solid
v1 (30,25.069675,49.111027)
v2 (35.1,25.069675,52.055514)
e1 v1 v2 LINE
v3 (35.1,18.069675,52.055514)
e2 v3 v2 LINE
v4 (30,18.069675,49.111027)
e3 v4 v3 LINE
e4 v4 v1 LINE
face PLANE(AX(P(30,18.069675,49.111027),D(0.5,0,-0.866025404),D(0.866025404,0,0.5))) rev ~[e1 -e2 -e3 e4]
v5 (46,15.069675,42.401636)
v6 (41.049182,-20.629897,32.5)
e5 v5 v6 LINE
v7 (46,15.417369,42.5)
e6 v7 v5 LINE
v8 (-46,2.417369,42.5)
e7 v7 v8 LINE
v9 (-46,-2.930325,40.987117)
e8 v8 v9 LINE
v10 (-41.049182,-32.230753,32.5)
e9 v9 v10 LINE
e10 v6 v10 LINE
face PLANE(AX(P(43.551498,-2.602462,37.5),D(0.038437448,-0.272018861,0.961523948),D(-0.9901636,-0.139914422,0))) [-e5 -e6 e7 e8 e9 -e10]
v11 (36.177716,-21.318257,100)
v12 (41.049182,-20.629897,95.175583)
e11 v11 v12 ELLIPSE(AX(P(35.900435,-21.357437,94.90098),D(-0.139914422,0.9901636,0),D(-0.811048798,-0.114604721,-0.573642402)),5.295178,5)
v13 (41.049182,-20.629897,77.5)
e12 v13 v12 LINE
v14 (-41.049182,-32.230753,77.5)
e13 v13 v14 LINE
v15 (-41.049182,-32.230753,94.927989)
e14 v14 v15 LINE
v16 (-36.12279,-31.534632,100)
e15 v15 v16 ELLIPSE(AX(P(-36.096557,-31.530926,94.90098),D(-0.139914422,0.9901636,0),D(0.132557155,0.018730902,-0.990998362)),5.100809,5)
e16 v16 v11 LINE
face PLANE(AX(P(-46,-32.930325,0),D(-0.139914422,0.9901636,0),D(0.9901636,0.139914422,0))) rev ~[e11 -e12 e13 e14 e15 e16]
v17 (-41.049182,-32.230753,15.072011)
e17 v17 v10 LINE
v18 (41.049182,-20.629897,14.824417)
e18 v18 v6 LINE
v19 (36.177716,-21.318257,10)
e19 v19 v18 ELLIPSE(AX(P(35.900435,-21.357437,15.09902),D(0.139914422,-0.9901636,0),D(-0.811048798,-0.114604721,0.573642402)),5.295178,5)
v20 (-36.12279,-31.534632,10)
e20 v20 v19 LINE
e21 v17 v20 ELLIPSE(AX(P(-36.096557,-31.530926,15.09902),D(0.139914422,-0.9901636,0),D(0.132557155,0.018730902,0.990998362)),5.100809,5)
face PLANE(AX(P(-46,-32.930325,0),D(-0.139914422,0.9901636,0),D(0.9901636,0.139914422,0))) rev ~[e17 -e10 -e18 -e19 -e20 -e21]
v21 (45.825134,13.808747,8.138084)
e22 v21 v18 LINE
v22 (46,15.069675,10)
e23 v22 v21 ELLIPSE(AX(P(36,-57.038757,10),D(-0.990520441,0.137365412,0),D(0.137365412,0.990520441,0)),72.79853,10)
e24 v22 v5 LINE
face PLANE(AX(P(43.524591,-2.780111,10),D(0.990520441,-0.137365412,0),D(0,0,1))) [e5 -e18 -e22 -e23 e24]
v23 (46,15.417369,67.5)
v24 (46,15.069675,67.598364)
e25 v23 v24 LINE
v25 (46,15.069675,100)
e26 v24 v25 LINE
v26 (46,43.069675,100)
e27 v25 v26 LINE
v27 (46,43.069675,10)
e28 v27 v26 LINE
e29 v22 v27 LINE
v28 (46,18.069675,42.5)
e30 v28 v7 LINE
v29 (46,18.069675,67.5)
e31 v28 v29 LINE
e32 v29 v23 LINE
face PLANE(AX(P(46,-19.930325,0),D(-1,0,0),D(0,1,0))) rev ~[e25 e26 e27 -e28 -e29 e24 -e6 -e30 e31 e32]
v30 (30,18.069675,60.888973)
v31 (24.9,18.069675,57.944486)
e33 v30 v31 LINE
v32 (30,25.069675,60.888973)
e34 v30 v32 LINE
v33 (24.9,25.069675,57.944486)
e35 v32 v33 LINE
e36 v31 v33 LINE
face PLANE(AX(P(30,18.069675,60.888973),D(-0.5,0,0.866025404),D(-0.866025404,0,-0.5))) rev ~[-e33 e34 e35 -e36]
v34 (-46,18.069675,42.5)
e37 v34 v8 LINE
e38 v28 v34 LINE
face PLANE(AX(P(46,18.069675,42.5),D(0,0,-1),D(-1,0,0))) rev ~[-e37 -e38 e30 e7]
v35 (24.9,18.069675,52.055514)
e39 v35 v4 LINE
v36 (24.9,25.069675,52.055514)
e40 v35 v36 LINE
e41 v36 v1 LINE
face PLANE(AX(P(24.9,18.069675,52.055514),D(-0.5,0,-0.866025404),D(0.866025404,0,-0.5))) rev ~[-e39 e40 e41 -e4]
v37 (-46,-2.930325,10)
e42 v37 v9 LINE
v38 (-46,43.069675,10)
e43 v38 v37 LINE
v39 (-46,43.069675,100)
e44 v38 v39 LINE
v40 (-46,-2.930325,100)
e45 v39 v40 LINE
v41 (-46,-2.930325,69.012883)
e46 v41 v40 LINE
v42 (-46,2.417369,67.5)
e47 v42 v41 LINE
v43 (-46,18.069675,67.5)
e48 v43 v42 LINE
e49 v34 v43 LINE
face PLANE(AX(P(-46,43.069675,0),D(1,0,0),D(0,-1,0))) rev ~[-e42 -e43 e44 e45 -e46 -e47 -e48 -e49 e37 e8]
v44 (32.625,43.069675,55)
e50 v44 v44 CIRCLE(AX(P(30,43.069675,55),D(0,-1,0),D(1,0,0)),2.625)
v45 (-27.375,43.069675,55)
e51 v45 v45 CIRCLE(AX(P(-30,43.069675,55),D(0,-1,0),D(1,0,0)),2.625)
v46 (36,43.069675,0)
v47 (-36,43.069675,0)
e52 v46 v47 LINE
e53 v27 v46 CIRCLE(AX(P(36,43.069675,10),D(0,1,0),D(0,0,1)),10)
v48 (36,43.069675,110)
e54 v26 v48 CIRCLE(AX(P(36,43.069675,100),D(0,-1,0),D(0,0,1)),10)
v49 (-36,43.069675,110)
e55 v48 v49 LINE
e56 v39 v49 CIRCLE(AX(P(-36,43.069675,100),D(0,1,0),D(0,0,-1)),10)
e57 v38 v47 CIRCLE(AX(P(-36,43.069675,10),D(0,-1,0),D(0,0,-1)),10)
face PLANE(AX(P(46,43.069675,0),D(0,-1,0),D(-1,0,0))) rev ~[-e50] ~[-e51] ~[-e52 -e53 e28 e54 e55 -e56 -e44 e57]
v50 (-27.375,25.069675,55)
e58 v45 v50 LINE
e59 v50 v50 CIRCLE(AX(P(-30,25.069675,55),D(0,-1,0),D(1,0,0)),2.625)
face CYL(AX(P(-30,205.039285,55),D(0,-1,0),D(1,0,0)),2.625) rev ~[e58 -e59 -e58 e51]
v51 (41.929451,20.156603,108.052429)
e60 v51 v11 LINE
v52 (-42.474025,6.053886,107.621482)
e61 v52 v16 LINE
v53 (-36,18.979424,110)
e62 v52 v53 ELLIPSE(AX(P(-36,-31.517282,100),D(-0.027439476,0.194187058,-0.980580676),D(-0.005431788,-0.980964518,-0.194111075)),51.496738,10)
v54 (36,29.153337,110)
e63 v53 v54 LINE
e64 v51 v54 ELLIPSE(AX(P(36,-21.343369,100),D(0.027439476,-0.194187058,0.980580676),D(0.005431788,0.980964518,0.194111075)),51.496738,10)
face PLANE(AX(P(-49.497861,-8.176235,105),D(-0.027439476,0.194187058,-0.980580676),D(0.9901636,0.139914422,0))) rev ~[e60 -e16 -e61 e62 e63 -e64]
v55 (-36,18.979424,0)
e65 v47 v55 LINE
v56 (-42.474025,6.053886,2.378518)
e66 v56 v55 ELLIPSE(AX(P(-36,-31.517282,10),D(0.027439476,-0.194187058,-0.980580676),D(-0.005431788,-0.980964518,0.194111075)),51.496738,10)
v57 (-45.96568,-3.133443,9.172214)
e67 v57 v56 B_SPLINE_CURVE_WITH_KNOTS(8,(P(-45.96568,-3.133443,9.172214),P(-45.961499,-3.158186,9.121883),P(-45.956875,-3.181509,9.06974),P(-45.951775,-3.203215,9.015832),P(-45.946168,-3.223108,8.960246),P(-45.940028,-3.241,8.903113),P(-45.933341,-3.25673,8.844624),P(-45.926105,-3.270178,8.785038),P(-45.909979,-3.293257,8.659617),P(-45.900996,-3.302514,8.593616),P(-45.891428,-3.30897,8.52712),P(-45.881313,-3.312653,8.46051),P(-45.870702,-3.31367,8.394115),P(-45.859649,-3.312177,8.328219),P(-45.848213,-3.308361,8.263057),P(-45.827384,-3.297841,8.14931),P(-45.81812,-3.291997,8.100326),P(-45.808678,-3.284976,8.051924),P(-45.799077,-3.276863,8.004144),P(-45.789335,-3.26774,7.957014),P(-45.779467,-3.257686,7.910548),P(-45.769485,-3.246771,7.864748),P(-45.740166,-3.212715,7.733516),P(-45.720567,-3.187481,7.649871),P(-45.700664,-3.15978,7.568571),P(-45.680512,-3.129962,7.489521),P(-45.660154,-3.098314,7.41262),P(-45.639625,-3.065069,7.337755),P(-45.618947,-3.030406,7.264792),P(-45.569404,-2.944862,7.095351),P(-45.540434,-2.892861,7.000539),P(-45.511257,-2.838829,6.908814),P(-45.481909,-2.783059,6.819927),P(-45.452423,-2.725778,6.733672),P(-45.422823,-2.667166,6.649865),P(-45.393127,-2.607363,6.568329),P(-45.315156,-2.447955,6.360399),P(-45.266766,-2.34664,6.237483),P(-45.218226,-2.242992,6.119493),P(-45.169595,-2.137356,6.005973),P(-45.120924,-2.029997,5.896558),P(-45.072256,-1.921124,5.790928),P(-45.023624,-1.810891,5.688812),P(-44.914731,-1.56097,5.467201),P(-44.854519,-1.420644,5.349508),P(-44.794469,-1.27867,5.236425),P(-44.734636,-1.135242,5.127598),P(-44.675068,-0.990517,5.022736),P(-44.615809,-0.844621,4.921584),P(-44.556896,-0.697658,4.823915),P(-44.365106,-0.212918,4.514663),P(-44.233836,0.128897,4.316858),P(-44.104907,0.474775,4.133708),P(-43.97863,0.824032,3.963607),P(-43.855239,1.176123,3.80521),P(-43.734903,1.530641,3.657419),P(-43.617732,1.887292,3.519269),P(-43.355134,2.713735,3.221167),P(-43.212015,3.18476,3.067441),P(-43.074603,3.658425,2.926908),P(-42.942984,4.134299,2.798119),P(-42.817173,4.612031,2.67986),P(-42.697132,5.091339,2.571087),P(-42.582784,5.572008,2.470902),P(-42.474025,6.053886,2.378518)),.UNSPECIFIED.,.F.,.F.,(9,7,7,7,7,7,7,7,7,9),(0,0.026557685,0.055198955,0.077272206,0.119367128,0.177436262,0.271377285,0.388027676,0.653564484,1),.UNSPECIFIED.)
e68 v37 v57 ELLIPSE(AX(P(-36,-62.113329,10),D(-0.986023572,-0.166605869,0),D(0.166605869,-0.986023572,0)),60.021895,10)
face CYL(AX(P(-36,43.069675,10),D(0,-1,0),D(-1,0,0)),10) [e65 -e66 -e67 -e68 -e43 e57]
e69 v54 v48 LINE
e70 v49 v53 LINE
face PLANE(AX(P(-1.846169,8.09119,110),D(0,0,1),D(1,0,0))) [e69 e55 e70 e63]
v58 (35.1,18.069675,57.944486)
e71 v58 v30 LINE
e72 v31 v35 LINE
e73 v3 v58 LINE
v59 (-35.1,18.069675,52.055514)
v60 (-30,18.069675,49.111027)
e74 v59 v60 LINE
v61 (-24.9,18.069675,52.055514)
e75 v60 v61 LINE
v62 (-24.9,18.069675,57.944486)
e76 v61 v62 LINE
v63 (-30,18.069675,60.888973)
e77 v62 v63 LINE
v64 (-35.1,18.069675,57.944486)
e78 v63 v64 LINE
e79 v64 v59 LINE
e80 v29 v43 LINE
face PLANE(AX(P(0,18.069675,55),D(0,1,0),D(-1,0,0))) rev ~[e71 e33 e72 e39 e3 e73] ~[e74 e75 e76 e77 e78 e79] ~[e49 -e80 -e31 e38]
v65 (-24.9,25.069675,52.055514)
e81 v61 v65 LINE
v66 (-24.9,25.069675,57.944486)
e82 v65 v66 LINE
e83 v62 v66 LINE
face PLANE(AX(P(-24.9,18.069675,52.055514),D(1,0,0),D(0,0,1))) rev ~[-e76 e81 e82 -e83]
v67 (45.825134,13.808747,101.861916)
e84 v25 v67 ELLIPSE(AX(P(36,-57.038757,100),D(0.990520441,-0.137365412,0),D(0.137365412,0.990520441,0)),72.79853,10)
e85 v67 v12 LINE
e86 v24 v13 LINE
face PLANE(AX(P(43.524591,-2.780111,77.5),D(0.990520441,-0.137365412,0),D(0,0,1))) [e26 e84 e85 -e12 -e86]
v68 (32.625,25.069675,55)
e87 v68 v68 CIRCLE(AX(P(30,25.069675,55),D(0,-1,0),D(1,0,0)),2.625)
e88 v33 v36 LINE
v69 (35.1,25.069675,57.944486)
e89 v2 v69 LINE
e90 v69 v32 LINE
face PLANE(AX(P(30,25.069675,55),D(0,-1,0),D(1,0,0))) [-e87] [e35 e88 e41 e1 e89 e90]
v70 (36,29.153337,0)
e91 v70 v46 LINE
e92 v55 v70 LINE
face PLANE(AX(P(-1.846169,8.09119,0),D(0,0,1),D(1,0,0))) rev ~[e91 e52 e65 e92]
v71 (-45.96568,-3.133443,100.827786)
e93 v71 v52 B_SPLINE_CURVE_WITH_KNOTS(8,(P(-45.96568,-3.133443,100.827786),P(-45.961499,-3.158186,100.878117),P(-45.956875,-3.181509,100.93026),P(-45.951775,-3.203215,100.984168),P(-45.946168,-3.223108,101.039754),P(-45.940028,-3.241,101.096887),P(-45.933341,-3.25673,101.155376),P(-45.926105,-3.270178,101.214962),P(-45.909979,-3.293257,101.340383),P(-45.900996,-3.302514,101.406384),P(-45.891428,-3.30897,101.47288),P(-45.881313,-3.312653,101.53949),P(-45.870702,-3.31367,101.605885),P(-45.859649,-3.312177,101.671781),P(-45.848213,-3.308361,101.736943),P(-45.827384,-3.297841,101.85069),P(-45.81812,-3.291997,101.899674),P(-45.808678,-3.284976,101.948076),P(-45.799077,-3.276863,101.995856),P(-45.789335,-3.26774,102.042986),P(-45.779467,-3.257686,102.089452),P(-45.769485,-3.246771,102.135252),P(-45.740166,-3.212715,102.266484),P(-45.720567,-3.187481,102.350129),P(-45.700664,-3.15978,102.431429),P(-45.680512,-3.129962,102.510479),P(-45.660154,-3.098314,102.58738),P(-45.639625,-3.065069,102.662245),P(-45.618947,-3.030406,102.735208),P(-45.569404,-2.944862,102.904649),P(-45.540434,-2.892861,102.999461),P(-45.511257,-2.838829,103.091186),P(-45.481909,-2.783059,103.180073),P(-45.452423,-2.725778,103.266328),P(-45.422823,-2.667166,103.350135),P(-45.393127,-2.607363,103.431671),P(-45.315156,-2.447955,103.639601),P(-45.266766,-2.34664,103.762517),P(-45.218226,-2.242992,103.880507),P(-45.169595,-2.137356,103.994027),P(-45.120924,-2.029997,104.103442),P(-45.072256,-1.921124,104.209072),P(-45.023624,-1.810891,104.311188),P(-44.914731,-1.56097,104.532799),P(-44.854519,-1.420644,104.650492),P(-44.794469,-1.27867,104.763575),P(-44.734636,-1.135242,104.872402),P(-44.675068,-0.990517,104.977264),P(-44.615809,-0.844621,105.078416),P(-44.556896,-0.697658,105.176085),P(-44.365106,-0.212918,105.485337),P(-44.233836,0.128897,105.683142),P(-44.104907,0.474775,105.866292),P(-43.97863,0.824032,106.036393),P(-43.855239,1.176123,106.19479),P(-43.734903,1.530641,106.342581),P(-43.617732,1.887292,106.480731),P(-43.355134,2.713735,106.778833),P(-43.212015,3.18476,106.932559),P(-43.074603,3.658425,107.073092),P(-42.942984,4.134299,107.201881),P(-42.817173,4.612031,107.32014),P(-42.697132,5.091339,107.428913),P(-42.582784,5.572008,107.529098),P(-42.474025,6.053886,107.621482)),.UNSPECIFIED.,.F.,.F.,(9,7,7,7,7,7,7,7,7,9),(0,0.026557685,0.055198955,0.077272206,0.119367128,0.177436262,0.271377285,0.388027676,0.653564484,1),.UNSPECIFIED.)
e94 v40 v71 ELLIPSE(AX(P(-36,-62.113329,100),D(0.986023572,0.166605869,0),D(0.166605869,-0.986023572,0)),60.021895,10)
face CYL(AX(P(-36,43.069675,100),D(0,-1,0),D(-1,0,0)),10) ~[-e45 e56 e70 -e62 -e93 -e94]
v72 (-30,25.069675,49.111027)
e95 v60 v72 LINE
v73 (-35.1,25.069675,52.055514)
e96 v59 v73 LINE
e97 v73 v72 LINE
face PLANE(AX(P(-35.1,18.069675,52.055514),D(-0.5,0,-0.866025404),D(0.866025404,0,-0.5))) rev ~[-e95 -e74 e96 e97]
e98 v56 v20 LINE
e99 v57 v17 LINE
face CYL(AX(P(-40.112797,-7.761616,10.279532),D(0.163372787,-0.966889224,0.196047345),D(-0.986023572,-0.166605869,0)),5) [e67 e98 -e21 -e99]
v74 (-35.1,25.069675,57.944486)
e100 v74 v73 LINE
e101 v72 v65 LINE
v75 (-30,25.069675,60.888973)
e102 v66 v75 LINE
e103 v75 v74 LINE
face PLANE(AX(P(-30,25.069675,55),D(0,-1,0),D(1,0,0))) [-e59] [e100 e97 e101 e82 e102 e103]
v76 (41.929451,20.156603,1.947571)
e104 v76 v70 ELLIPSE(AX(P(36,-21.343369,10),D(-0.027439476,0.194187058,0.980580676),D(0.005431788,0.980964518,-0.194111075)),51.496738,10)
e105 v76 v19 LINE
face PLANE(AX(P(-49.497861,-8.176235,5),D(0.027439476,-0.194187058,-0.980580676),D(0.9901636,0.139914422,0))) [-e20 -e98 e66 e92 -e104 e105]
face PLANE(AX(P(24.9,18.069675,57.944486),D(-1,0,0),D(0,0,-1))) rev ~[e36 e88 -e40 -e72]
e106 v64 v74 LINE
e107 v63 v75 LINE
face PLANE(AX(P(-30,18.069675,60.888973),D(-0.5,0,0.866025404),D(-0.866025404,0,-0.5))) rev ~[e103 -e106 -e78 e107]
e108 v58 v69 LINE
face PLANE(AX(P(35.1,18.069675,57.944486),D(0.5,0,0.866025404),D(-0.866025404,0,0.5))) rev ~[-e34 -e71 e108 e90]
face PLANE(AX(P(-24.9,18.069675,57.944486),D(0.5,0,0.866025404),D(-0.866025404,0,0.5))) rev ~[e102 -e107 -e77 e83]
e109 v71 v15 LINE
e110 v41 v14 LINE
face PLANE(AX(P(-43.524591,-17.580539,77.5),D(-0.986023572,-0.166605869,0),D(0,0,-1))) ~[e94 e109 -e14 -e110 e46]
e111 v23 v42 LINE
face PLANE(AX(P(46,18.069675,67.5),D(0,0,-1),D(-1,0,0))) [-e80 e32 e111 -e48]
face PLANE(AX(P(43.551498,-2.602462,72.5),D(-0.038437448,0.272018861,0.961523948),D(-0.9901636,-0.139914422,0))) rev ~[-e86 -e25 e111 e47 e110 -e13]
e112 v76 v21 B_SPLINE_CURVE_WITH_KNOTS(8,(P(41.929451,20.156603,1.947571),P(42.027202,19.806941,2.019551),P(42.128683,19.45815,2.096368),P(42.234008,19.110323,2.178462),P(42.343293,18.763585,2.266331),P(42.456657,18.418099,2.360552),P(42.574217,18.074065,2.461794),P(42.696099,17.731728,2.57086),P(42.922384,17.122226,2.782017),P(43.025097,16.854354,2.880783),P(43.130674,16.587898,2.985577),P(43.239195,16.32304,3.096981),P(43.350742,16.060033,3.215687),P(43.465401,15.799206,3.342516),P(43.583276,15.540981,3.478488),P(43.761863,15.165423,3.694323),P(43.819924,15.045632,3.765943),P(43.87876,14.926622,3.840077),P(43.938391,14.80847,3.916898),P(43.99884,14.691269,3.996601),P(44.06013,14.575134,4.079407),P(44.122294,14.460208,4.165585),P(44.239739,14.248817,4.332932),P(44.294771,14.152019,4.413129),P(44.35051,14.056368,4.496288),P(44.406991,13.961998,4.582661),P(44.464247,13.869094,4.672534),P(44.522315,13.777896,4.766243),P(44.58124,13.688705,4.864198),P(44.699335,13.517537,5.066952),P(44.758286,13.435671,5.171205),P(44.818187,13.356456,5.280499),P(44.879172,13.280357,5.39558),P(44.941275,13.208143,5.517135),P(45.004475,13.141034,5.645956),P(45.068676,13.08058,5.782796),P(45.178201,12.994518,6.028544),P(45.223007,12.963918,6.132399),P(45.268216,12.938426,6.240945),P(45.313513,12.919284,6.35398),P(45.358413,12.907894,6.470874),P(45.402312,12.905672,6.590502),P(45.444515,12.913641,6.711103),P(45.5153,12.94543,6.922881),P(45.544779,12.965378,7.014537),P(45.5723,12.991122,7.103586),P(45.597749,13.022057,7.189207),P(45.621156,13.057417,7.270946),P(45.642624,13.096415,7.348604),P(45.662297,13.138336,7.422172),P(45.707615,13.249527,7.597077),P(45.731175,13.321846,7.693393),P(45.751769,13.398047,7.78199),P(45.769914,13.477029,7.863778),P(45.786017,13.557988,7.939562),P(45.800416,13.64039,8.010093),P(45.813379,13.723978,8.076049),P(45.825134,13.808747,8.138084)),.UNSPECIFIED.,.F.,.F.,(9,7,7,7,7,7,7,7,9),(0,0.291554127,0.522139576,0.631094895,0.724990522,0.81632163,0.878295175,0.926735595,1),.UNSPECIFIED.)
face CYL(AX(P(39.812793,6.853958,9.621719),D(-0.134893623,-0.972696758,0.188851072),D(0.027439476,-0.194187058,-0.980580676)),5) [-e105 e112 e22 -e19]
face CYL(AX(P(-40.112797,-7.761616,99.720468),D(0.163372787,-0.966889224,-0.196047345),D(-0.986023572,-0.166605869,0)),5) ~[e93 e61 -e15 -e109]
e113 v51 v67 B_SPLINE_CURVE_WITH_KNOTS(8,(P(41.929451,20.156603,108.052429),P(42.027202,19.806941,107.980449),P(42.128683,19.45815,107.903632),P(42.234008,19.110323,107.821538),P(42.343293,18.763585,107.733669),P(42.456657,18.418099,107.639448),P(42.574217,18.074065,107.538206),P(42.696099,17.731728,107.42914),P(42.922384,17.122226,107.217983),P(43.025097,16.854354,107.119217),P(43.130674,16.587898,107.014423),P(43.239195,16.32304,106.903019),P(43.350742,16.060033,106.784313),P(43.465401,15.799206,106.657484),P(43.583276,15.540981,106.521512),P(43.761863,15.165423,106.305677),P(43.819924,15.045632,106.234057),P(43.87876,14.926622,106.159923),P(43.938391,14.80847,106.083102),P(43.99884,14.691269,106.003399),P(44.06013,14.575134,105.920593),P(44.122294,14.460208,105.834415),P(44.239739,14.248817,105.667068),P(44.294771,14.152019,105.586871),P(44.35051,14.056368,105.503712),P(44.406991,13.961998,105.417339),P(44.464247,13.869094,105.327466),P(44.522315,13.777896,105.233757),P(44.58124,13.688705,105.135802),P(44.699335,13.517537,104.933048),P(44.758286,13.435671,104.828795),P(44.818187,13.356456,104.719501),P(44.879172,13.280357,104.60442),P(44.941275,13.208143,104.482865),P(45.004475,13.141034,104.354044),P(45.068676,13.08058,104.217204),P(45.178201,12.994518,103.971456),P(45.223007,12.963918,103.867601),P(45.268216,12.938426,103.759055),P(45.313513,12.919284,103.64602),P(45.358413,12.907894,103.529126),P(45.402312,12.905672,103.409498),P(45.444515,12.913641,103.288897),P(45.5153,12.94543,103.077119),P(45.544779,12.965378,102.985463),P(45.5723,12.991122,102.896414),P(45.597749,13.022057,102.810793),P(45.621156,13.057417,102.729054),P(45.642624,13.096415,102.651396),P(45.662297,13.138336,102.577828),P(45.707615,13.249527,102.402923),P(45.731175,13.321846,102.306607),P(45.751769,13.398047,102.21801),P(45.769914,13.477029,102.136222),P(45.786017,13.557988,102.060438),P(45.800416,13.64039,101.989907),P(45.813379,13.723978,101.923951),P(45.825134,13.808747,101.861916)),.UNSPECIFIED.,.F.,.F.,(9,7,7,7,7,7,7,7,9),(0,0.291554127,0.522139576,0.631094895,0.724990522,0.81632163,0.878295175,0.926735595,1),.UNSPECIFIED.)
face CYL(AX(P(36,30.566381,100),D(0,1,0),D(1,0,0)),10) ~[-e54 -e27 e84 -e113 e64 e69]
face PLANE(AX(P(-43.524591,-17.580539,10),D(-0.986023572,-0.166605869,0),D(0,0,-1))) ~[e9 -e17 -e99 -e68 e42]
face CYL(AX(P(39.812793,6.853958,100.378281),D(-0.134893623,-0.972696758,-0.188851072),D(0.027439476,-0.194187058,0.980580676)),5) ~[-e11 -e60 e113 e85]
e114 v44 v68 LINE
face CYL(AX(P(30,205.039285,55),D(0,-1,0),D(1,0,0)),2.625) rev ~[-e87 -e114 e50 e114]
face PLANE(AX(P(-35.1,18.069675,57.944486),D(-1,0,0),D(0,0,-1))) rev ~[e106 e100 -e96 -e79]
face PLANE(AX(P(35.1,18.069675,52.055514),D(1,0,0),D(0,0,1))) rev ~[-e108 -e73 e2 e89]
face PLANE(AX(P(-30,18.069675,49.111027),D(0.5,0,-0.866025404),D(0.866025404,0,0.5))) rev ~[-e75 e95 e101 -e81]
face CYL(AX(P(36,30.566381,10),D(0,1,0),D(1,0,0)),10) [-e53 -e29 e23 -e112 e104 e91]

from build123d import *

# Parameters (mm, degrees)
F1_DEPTH  = 110
F3_W      = 92
F3_H      = 25
F4_DEPTH  = 80
F5_SIZE2  = 10
F5_SIZE   = 50
F6_SIZE2  = 10
F6_SIZE   = 50
F7_SIZE2  = 10
F7_SIZE   = 35
F8_SIZE2  = 10
F8_SIZE   = 35
F9_SIZE2  = 5
F9_SIZE   = 35
F10_SIZE2 = 5
F10_SIZE  = 30
F11_R     = 10
F12_R     = 5
F14_D     = 5.25
F16_DEPTH = 7


with BuildPart() as f1:
    # F0 (on Top) → F1 (new body)
    with BuildSketch(Plane.XY):
        Polygon((46, 43.0696749699), (-46, 43.0696749699), (-46, -32.9303250301), (46, -19.9303250301), align=None)
    extrude(amount=F1_DEPTH)

    # F3 (on offset) → F4 (cut)
    with BuildSketch(Plane(origin=(0, 18.0696749699, 0), x_dir=(-1, 0, 0), z_dir=(0, 1, 0))):
        with Locations((0, 55)):
            Rectangle(F3_W, F3_H)
    extrude(amount=-F4_DEPTH, mode=Mode.SUBTRACT)

    # F5
    f5_edges = [f1.edges().sort_by_distance(p)[0] for p in [
        (0, -26.430325, 110),
    ]]
    f5_side = f1.faces().sort_by_distance((-1.434053, 8.218356, 110))[0]
    chamfer(f5_edges, length=F5_SIZE, length2=F5_SIZE2, reference=f5_side)

    # F6
    f6_edges = [f1.edges().sort_by_distance(p)[0] for p in [
        (0, -26.430325, 0),
    ]]
    f6_side = f1.faces().sort_by_distance((-1.434053, 8.218356, 0))[0]
    chamfer(f6_edges, length=F6_SIZE, length2=F6_SIZE2, reference=f6_side)

    # F7
    f7_edges = [f1.edges().sort_by_distance(p)[0] for p in [
        (0, -26.430325, 67.5),
    ]]
    f7_side = f1.faces().sort_by_distance((-2.2397, -4.338565, 67.5))[0]
    chamfer(f7_edges, length=F7_SIZE, length2=F7_SIZE2, reference=f7_side)

    # F8
    f8_edges = [f1.edges().sort_by_distance(p)[0] for p in [
        (0, -26.430325, 42.5),
    ]]
    f8_side = f1.faces().sort_by_distance((-2.2397, -4.338565, 42.5))[0]
    chamfer(f8_edges, length=F8_SIZE, length2=F8_SIZE2, reference=f8_side)

    # F9
    f9_edges = [f1.edges().sort_by_distance(p)[0] for p in [
        (46, -19.930325, 21.25),
        (46, -19.930325, 88.75),
    ]]
    f9_side = f1.faces().sort_by_distance((46, 16.743522, 41.232364))[0]
    chamfer(f9_edges, length=F9_SIZE, length2=F9_SIZE2, reference=f9_side)

    # F10
    f10_edges = [f1.edges().sort_by_distance(p)[0] for p in [
        (-46, -32.930325, 88.75),
        (-46, -32.930325, 21.25),
    ]]
    f10_side = f1.faces().sort_by_distance((-46, 10.243522, 41.162988))[0]
    chamfer(f10_edges, length=F10_SIZE, length2=F10_SIZE2, reference=f10_side)

    # F11
    f11_edges = [f1.edges().sort_by_distance(p)[0] for p in [
        (-46, 30.318028, 110),
        (-46, 30.318028, 0),
        (46, 36.818028, 0),
        (46, 36.818028, 110),
    ]]
    fillet(f11_edges, radius=F11_R)

    # F12
    f12_edges = [f1.edges().sort_by_distance(p)[0] for p in [
        (-42.964823, -20.893414, 7.701231),
        (42.845838, -7.674494, 7.484682),
        (42.845838, -7.674494, 102.515318),
        (-42.964823, -20.893414, 102.298769),
    ]]
    fillet(f12_edges, radius=F12_R)

    # F14 (through all)
    with Locations(Plane(origin=(0, 43.0696749699, 0), x_dir=(-1, 0, 0), z_dir=(0, 1, 0))):
        with Locations((-30, 55), (30, 55)):
            Hole(F14_D / 2)

    # F15 (on face) → F16 (cut)
    with BuildSketch(Plane.XZ.offset(-18.0696749699)):
        Polygon((-24.9, 52.0555136271), (-24.9, 57.9444863729), (-30, 60.8889727457), (-35.1, 57.9444863729), (-35.1, 52.0555136271), (-30, 49.1110272543), align=None)
        Polygon((24.9, 57.9444863729), (24.9, 52.0555136271), (30, 49.1110272543), (35.1, 52.0555136271), (35.1, 57.9444863729), (30, 60.8889727457), align=None)
    extrude(amount=-F16_DEPTH, mode=Mode.SUBTRACT)


solid = f1.part
